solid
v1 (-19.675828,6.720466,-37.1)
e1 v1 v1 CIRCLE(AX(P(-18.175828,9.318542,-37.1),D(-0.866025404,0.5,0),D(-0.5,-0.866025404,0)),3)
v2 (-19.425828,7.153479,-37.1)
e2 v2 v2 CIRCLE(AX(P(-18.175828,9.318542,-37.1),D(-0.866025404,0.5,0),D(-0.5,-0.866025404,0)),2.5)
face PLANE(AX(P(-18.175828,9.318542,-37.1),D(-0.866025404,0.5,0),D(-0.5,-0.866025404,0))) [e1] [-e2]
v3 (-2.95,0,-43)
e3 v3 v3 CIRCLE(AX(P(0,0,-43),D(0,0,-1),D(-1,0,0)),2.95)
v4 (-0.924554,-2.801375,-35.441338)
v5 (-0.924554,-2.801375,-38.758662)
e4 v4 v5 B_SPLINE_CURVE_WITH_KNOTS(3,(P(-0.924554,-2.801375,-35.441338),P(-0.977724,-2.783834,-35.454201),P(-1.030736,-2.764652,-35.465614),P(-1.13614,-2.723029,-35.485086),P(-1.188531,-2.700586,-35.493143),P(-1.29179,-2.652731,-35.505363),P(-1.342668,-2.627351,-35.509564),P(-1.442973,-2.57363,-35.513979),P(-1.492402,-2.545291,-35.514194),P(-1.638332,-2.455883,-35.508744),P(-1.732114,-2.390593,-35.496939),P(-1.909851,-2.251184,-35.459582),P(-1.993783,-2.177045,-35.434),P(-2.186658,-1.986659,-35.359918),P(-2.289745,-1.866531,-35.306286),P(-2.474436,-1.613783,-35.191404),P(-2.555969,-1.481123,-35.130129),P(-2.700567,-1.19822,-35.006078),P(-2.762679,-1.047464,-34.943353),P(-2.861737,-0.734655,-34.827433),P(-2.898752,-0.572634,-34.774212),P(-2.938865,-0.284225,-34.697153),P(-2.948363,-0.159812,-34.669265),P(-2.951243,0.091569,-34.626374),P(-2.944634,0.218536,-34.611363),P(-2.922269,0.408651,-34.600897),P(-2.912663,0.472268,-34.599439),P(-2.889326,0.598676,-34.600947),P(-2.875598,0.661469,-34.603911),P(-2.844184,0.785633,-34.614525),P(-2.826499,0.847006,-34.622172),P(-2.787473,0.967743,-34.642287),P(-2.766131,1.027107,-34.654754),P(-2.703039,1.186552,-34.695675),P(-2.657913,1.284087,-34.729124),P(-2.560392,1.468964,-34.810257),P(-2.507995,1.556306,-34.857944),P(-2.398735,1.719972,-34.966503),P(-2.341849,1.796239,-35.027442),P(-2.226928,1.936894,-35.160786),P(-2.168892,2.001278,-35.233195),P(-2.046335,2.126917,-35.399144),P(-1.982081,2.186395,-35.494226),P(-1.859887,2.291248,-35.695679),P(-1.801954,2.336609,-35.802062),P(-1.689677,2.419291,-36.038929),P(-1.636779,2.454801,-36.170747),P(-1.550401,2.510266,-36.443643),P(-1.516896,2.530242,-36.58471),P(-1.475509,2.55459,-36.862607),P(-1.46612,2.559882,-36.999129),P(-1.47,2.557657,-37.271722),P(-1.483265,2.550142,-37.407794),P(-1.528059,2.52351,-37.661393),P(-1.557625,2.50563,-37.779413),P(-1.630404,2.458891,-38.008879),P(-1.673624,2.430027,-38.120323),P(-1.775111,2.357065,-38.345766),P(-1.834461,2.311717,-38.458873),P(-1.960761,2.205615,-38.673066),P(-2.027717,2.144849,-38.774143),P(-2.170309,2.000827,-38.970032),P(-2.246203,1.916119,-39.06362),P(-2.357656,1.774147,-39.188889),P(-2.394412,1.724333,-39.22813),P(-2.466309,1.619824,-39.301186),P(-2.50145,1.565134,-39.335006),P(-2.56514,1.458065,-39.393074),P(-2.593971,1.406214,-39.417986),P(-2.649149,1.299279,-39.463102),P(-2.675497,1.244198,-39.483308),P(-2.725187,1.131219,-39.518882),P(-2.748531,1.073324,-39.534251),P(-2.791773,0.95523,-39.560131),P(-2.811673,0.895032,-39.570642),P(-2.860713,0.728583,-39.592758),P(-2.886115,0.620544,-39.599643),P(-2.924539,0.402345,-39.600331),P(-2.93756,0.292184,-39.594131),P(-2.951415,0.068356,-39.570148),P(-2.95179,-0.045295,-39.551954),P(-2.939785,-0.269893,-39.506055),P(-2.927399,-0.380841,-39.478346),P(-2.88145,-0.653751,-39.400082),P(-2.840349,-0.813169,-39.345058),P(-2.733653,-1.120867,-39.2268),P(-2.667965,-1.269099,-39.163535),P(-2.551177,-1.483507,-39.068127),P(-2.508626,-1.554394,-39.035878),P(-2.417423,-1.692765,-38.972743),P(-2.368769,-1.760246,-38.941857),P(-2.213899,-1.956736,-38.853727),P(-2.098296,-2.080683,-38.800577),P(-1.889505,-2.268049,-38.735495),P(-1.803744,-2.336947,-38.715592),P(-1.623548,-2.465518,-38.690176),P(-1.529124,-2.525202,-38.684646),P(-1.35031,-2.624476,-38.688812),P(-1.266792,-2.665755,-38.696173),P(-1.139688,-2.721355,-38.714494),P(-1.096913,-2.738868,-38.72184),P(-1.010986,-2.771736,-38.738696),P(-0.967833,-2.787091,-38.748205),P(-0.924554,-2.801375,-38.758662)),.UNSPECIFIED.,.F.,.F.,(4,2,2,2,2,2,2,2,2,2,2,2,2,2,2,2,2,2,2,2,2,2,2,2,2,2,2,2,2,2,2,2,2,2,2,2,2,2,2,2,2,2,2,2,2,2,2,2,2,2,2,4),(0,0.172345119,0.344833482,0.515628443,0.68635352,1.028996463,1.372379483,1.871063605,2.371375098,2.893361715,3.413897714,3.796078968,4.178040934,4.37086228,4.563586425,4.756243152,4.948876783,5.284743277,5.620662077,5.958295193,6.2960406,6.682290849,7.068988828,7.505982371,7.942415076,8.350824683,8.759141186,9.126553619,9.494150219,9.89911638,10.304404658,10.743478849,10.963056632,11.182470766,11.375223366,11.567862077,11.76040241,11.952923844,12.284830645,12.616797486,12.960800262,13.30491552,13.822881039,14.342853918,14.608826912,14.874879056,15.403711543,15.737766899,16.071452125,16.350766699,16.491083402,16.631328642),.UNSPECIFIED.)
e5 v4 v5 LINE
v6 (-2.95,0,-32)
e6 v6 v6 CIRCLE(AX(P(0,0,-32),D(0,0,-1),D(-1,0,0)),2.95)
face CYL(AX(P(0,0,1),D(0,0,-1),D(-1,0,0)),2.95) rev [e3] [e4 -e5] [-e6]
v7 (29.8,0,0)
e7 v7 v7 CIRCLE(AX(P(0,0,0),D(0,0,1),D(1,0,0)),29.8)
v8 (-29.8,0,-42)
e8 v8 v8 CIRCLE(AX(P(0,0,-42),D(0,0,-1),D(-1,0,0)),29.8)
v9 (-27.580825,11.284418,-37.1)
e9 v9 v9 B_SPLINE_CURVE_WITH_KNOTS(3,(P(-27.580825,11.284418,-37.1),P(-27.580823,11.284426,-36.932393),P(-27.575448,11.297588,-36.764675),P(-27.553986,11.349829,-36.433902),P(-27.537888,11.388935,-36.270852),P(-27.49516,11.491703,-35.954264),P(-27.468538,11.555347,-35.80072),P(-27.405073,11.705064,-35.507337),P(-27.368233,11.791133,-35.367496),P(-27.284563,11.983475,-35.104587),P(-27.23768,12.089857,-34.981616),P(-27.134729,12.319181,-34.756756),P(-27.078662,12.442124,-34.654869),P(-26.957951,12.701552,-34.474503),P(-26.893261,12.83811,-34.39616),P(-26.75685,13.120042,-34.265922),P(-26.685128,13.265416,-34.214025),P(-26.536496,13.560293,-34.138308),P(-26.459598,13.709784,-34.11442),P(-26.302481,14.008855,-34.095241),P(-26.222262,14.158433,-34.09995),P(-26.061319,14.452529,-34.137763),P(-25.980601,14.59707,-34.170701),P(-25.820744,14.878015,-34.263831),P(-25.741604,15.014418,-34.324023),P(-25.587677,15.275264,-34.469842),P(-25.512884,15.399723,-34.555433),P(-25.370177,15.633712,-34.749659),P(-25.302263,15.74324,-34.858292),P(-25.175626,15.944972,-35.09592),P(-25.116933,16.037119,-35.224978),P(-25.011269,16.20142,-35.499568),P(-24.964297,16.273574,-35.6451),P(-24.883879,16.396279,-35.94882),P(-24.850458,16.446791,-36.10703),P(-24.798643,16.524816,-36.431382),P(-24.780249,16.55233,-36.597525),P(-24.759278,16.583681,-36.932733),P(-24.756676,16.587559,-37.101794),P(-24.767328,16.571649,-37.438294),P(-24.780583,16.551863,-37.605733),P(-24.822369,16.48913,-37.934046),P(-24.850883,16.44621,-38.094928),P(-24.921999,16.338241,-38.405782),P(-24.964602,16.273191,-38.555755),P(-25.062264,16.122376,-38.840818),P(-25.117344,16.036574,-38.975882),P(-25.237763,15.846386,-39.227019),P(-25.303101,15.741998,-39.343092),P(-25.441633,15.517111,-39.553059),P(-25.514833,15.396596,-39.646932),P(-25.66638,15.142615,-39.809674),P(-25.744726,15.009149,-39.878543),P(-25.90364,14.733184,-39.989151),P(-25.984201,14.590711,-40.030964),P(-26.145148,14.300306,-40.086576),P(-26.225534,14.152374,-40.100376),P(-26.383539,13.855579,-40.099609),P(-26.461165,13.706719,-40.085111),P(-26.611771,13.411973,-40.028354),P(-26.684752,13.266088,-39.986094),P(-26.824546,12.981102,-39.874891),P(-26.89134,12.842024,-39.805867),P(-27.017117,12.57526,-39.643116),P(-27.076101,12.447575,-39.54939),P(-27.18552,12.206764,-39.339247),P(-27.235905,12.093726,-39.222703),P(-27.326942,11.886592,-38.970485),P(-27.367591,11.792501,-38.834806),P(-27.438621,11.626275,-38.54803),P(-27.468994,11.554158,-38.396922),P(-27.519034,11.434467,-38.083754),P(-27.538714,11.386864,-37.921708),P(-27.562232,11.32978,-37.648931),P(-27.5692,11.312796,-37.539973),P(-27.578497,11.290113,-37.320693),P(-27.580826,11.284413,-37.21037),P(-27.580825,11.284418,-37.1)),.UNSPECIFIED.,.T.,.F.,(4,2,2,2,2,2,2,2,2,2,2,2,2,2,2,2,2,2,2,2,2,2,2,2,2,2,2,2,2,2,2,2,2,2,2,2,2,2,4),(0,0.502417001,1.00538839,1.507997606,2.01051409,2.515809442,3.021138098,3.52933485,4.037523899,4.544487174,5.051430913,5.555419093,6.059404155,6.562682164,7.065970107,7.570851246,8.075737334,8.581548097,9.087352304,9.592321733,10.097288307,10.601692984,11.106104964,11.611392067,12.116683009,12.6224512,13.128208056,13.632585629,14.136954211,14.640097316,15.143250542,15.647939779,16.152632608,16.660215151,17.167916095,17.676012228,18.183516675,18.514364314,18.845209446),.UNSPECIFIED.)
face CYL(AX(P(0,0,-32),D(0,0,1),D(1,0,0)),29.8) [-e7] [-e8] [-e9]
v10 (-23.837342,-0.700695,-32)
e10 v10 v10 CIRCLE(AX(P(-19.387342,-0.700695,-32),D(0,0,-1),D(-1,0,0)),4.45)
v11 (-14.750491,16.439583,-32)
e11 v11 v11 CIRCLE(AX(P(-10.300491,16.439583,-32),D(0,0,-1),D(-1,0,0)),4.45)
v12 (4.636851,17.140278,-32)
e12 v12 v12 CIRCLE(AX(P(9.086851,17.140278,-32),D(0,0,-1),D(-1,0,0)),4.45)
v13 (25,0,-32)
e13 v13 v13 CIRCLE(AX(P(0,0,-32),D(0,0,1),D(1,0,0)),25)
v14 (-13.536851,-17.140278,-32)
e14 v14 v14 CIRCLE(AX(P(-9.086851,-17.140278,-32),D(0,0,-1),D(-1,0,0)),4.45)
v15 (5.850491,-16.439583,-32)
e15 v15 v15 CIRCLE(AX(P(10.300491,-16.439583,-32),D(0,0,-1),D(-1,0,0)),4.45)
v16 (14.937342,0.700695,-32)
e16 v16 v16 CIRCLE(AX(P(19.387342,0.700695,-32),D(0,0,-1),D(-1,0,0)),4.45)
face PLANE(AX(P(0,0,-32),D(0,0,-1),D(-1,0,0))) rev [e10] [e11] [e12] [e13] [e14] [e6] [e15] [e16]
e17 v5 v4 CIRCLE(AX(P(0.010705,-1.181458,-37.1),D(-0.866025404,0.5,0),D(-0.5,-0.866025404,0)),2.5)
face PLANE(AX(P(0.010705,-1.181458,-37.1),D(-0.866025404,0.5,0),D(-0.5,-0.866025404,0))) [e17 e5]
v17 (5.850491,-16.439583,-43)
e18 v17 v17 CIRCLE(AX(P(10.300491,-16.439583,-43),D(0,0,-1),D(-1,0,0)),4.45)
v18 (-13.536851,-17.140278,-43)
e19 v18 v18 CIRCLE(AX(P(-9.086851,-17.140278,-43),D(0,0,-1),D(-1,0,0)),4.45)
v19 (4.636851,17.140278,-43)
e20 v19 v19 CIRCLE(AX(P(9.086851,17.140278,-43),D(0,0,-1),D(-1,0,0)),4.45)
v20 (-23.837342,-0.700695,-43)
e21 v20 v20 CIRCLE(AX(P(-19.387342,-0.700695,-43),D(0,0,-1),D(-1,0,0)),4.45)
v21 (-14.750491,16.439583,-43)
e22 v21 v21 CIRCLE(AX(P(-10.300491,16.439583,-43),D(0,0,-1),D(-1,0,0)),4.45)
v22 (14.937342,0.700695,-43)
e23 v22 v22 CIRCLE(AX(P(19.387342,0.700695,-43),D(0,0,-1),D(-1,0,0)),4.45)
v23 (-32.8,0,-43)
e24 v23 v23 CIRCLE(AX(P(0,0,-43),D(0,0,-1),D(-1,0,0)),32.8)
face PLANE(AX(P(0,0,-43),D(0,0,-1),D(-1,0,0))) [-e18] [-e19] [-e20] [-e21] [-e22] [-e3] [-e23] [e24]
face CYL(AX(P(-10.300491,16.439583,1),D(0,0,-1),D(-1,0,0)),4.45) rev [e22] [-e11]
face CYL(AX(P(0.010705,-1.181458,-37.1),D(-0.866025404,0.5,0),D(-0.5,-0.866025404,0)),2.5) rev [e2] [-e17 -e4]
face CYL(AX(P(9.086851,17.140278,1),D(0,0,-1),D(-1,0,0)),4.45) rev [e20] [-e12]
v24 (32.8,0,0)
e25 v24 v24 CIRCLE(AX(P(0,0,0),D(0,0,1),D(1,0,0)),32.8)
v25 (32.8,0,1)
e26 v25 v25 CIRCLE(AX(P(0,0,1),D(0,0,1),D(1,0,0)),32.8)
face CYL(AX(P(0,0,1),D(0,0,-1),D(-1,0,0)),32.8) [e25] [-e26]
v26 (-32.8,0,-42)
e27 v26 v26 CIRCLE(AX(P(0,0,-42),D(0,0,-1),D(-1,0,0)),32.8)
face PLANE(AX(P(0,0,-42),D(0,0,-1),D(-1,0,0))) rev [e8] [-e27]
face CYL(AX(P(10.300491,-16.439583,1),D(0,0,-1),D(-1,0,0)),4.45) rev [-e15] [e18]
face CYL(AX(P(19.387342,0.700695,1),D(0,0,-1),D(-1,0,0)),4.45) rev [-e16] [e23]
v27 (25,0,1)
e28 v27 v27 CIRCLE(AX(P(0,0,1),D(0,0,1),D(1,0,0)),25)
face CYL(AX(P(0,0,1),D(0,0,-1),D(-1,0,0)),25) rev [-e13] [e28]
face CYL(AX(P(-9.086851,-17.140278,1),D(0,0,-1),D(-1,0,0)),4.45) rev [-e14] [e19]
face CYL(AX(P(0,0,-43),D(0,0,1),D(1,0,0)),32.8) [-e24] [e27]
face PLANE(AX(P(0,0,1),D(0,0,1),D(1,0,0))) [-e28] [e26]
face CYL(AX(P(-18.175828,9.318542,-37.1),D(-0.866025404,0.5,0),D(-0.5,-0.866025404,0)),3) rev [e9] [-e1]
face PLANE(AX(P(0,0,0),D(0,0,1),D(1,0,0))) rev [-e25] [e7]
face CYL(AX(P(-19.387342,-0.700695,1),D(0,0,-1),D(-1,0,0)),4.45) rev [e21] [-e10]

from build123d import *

# Parameters (mm, degrees)
SKETCH1_R           = 32.8
SKETCH1_R_2         = 25
BOSS_EXTRUDE1_DEPTH = 1
BOSS_EXTRUDE2_START = -33
SKETCH2_R           = 29.8
SKETCH2_R_2         = 25
BOSS_EXTRUDE2_DEPTH = 33
BOSS_EXTRUDE3_START = 10
SKETCH3_R           = 29.8
BOSS_EXTRUDE3_DEPTH = 10
BOSS_EXTRUDE4_START = 1
SKETCH4_R           = 32.8
BOSS_EXTRUDE4_DEPTH = 1
SKETCH5_R           = 2.95
CUT_EXTRUDE1_DEPTH  = 64.934966959
SKETCH6_R           = 4.45
CUT_EXTRUDE2_DEPTH  = 64.934966959
SKETCH7_R           = 3
CUT_EXTRUDE3_DEPTH  = 9.4
SKETCH8_R           = 2.5
CUT_EXTRUDE4_DEPTH  = 21


with BuildPart() as part:
    # Sketch1 → Boss-Extrude1 (new body)
    with BuildSketch(Plane.XY):
        Circle(SKETCH1_R)
        Circle(SKETCH1_R_2, mode=Mode.SUBTRACT)
    extrude(amount=BOSS_EXTRUDE1_DEPTH)

    # Sketch2 → Boss-Extrude2 (add)
    with BuildSketch(Plane.XY.offset(1).offset(BOSS_EXTRUDE2_START)):
        Circle(SKETCH2_R)
        Circle(SKETCH2_R_2, mode=Mode.SUBTRACT)
    extrude(amount=BOSS_EXTRUDE2_DEPTH)

    # Sketch3 → Boss-Extrude3 (add)
    with BuildSketch(Plane(origin=(0, 0, -32), x_dir=(-1, 0, 0), z_dir=(0, 0, -1)).offset(BOSS_EXTRUDE3_START)):
        with Locations(Location((0, 0, 0), (0, 0, 180))):
            Circle(SKETCH3_R)
    extrude(amount=-BOSS_EXTRUDE3_DEPTH)

    # Sketch4 → Boss-Extrude4 (add)
    with BuildSketch(Plane(origin=(0, 0, -42), x_dir=(-1, 0, 0), z_dir=(0, 0, -1)).offset(BOSS_EXTRUDE4_START)):
        with Locations(Location((0, 0, 0), (0, 0, 180))):
            Circle(SKETCH4_R)
    extrude(amount=-BOSS_EXTRUDE4_DEPTH)

    # Sketch5 → Cut-Extrude1 (cut, through all)
    with BuildSketch(Plane(origin=(0, 0, -43), x_dir=(-1, 0, 0), z_dir=(0, 0, -1))):
        Circle(SKETCH5_R)
    extrude(amount=-CUT_EXTRUDE1_DEPTH, mode=Mode.SUBTRACT)

    # Sketch6 → Cut-Extrude2 (cut, through all)
    with BuildSketch(Plane(origin=(0, 0, -43), x_dir=(-1, 0, 0), z_dir=(0, 0, -1))):
        with Locations((10.300490658, 16.439583091)):
            Circle(SKETCH6_R)
        with Locations((19.387341913, -0.700695036)):
            Circle(SKETCH6_R)
        with Locations((9.086851255, -17.140278127)):
            Circle(SKETCH6_R)
        with Locations((-10.300490658, -16.439583091)):
            Circle(SKETCH6_R)
        with Locations((-19.387341913, 0.700695036)):
            Circle(SKETCH6_R)
        with Locations((-9.086851255, 17.140278127)):
            Circle(SKETCH6_R)
    extrude(amount=-CUT_EXTRUDE2_DEPTH, mode=Mode.SUBTRACT)

    # Sketch7 → Cut-Extrude3 (cut)
    with BuildSketch(Plane(origin=(-25.807557033, 14.9, 0), x_dir=(0, 0, 1), z_dir=(-0.8660254037844398, 0.499999999999998, 0))):
        with Locations(Location((-37.1, -1.017819827, 0), (0, 0, 270))):
            Circle(SKETCH7_R)
    extrude(amount=-CUT_EXTRUDE3_DEPTH, mode=Mode.SUBTRACT)

    # Sketch8 → Cut-Extrude4 (cut)
    with BuildSketch(Plane(origin=(-17.666918237, 10.2, 0), x_dir=(0, 0, 1), z_dir=(-0.8660254037844398, 0.49999999999999806, 0))):
        with Locations(Location((-37.1, -1.017819827, 0), (0, 0, 270))):
            Circle(SKETCH8_R)
    extrude(amount=-CUT_EXTRUDE4_DEPTH, mode=Mode.SUBTRACT)


solid = part.part
